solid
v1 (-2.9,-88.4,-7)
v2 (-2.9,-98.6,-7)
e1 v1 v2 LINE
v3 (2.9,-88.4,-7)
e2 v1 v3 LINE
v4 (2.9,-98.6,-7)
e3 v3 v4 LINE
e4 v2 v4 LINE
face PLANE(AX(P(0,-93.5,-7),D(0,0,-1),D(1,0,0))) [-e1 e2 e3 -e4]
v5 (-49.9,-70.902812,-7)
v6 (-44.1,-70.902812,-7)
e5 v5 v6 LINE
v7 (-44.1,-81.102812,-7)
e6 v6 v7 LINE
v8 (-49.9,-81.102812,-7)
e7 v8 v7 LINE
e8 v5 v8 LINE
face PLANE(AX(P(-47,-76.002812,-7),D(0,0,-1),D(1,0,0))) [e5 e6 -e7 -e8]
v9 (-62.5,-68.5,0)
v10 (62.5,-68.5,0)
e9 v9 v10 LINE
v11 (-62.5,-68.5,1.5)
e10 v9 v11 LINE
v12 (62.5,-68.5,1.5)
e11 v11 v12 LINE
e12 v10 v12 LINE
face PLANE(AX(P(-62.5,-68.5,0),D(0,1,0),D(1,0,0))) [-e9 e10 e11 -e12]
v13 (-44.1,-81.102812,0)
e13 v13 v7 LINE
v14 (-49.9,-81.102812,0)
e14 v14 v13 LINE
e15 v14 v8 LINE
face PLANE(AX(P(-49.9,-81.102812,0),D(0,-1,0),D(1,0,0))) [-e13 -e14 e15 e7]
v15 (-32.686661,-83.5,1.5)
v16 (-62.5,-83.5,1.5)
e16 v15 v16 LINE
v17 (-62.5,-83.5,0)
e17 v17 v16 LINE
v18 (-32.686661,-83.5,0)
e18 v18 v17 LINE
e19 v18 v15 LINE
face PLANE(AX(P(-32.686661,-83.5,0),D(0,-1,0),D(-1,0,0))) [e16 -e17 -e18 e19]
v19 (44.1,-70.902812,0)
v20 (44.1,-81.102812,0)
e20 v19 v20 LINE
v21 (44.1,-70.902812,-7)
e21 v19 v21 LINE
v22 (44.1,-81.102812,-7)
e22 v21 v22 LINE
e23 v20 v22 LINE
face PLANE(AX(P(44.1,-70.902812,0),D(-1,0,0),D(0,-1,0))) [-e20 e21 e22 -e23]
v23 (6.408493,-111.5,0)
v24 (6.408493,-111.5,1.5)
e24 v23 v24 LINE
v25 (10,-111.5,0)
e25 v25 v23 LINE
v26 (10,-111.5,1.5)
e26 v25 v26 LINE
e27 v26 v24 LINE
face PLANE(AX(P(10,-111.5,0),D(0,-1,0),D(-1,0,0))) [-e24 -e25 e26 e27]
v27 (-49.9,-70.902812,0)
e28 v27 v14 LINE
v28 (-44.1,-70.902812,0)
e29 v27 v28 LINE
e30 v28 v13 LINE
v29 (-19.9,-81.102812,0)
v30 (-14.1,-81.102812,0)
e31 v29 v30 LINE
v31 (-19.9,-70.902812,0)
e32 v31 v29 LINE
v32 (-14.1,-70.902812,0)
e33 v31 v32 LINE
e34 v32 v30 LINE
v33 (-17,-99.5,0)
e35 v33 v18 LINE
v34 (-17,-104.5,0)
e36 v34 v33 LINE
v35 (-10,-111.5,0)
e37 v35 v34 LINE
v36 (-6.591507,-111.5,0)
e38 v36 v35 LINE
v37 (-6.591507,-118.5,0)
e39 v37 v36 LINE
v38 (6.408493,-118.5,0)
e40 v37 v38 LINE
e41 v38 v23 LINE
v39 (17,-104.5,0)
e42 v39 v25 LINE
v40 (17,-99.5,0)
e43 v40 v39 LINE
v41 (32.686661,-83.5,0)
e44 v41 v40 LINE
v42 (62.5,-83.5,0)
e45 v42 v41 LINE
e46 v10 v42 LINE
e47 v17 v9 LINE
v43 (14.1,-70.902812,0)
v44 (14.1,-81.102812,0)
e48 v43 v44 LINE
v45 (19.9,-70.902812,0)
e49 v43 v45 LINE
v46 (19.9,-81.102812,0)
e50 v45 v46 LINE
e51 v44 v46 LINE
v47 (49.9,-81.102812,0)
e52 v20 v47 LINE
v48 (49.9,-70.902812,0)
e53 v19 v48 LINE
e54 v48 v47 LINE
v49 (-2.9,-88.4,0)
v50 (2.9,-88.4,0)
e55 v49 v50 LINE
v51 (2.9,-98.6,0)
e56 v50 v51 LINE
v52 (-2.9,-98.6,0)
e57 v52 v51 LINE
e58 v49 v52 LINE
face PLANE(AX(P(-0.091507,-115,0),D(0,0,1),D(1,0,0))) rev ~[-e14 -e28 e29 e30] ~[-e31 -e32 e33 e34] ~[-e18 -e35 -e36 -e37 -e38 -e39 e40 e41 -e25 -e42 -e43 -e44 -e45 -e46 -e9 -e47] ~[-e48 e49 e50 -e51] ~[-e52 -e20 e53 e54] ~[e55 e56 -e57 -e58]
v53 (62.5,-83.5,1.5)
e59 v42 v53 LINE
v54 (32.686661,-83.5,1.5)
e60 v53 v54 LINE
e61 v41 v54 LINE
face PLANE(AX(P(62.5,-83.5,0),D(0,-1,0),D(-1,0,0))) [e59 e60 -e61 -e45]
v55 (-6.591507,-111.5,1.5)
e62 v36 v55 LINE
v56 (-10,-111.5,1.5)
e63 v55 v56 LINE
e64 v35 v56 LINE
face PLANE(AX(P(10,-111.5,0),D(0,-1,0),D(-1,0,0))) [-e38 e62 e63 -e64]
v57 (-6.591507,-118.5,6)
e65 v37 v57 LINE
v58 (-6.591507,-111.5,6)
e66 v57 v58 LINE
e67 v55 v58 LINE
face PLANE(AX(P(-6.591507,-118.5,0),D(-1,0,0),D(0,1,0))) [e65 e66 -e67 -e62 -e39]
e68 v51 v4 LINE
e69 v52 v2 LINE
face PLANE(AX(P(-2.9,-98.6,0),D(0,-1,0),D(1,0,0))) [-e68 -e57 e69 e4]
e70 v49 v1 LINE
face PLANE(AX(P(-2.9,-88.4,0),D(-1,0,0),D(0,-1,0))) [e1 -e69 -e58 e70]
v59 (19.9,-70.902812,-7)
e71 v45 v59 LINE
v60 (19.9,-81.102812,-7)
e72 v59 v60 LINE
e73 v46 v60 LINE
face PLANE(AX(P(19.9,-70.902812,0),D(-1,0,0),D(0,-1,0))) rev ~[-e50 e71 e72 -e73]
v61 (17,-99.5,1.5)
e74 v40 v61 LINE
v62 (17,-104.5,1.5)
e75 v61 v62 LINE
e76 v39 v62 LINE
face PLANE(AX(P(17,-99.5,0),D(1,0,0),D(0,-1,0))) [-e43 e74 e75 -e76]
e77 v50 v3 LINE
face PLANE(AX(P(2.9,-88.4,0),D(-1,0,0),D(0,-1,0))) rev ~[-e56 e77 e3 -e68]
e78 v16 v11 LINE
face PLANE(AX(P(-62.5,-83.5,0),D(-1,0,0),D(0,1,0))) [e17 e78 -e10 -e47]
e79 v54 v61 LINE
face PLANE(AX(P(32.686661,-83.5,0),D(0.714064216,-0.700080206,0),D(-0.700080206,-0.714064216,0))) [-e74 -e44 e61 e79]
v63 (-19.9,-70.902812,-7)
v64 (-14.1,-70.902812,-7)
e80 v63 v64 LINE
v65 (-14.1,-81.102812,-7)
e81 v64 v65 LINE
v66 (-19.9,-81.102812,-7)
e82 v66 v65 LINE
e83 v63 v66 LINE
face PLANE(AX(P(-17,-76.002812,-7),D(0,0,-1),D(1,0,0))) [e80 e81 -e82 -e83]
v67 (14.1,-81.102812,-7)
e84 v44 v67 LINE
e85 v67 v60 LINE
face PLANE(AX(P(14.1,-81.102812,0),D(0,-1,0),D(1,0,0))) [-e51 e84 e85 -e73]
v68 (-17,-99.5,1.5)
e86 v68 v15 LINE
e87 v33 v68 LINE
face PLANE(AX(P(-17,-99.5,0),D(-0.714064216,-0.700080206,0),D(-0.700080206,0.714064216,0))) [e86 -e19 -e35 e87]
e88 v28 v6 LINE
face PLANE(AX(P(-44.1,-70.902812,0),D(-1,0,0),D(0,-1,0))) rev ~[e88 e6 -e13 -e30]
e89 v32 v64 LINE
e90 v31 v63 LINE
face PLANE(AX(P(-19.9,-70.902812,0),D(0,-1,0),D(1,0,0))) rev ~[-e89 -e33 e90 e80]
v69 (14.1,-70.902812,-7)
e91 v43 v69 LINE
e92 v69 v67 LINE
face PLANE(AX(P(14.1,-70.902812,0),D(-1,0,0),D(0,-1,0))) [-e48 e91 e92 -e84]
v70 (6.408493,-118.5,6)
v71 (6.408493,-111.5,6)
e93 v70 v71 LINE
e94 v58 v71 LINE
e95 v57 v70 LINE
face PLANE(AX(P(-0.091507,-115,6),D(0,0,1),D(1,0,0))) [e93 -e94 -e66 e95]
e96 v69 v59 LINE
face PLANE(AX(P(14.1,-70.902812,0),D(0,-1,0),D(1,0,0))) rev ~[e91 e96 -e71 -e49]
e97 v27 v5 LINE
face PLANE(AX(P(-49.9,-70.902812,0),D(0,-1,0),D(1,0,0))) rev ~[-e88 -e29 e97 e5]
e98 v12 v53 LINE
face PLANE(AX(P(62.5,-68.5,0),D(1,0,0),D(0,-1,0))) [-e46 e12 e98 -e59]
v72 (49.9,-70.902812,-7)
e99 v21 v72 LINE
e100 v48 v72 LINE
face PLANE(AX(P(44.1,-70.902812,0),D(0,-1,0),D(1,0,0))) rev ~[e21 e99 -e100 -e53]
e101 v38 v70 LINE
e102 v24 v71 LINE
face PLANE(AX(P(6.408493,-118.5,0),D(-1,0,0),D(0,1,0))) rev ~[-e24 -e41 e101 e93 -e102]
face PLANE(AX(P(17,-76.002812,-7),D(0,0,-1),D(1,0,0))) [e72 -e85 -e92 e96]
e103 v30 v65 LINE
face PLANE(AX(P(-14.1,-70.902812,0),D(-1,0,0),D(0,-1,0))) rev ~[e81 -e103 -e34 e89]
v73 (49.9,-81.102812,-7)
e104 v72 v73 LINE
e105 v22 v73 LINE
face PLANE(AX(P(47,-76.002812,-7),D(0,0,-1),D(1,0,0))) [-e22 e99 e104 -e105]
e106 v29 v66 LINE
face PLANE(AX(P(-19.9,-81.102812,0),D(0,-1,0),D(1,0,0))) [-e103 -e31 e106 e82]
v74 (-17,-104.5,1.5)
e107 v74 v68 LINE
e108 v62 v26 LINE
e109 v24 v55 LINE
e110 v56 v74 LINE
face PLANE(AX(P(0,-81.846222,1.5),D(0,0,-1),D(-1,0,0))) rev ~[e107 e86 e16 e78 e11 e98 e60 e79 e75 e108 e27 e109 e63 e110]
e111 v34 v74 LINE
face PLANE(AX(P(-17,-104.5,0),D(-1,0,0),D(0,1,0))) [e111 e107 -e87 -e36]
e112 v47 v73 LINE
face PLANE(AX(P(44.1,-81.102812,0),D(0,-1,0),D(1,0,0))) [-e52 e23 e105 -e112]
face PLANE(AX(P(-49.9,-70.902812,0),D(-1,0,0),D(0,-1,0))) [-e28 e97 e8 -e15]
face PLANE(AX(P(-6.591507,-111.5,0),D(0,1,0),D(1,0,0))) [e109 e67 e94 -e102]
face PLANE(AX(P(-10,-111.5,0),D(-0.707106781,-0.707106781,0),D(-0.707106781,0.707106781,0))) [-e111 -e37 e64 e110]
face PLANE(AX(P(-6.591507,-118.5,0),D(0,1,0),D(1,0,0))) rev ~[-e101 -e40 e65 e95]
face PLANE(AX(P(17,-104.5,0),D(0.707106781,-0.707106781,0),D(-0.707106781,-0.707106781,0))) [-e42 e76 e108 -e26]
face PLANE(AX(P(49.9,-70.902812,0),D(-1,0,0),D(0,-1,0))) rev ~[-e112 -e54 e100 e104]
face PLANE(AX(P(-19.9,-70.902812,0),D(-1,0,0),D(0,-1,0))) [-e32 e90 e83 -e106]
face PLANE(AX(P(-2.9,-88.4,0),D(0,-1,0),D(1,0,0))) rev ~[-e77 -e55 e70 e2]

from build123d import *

# Parameters (mm, degrees)
PAD005002_DEPTH = 1.5
SKETCH011_W     = 5.8
SKETCH011_H     = 10.2
PAD005003_DEPTH = 7
SKETCH012_W     = 13
SKETCH012_H     = 7
PAD005004_DEPTH = 6


with BuildPart() as part:
    # Sketch010 → Pad005002 (new body)
    with BuildSketch(Plane.XY):
        Polygon((-62.5, 25), (62.5, 25), (62.5, 10), (32.686661, 10), (17, -6), (17, -11), (10, -18), (-10, -18), (-17, -11), (-17, -6), (-32.686661, 10), (-62.5, 10), align=None)
    extrude(amount=PAD005002_DEPTH)

    # Sketch011 (on Face13 of Pad005002) → Pad005003 (join)
    with BuildSketch(Plane(origin=(0, 0, 0), x_dir=(1, 0, 0), z_dir=(0, 0, -1))):
        Rectangle(SKETCH011_W, SKETCH011_H)
        with Locations((-47, -17.497188)):
            Rectangle(SKETCH011_W, SKETCH011_H)
        with Locations((-17, -17.497188)):
            Rectangle(SKETCH011_W, SKETCH011_H)
        with Locations((17, -17.497188)):
            Rectangle(SKETCH011_W, SKETCH011_H)
        with Locations((47, -17.497188)):
            Rectangle(SKETCH011_W, SKETCH011_H)
    extrude(amount=PAD005003_DEPTH)

    # Sketch012 → Pad005004 (join)
    with BuildSketch(Plane.XY):
        with Locations((-0.091507, -21.5)):
            Rectangle(SKETCH012_W, SKETCH012_H)
    extrude(amount=PAD005004_DEPTH)


with BuildPart() as part_1:
    # Body003002 placement: moved
    add(part.part.moved(Location((0, -93.5, 0))))


solid = part_1.part
